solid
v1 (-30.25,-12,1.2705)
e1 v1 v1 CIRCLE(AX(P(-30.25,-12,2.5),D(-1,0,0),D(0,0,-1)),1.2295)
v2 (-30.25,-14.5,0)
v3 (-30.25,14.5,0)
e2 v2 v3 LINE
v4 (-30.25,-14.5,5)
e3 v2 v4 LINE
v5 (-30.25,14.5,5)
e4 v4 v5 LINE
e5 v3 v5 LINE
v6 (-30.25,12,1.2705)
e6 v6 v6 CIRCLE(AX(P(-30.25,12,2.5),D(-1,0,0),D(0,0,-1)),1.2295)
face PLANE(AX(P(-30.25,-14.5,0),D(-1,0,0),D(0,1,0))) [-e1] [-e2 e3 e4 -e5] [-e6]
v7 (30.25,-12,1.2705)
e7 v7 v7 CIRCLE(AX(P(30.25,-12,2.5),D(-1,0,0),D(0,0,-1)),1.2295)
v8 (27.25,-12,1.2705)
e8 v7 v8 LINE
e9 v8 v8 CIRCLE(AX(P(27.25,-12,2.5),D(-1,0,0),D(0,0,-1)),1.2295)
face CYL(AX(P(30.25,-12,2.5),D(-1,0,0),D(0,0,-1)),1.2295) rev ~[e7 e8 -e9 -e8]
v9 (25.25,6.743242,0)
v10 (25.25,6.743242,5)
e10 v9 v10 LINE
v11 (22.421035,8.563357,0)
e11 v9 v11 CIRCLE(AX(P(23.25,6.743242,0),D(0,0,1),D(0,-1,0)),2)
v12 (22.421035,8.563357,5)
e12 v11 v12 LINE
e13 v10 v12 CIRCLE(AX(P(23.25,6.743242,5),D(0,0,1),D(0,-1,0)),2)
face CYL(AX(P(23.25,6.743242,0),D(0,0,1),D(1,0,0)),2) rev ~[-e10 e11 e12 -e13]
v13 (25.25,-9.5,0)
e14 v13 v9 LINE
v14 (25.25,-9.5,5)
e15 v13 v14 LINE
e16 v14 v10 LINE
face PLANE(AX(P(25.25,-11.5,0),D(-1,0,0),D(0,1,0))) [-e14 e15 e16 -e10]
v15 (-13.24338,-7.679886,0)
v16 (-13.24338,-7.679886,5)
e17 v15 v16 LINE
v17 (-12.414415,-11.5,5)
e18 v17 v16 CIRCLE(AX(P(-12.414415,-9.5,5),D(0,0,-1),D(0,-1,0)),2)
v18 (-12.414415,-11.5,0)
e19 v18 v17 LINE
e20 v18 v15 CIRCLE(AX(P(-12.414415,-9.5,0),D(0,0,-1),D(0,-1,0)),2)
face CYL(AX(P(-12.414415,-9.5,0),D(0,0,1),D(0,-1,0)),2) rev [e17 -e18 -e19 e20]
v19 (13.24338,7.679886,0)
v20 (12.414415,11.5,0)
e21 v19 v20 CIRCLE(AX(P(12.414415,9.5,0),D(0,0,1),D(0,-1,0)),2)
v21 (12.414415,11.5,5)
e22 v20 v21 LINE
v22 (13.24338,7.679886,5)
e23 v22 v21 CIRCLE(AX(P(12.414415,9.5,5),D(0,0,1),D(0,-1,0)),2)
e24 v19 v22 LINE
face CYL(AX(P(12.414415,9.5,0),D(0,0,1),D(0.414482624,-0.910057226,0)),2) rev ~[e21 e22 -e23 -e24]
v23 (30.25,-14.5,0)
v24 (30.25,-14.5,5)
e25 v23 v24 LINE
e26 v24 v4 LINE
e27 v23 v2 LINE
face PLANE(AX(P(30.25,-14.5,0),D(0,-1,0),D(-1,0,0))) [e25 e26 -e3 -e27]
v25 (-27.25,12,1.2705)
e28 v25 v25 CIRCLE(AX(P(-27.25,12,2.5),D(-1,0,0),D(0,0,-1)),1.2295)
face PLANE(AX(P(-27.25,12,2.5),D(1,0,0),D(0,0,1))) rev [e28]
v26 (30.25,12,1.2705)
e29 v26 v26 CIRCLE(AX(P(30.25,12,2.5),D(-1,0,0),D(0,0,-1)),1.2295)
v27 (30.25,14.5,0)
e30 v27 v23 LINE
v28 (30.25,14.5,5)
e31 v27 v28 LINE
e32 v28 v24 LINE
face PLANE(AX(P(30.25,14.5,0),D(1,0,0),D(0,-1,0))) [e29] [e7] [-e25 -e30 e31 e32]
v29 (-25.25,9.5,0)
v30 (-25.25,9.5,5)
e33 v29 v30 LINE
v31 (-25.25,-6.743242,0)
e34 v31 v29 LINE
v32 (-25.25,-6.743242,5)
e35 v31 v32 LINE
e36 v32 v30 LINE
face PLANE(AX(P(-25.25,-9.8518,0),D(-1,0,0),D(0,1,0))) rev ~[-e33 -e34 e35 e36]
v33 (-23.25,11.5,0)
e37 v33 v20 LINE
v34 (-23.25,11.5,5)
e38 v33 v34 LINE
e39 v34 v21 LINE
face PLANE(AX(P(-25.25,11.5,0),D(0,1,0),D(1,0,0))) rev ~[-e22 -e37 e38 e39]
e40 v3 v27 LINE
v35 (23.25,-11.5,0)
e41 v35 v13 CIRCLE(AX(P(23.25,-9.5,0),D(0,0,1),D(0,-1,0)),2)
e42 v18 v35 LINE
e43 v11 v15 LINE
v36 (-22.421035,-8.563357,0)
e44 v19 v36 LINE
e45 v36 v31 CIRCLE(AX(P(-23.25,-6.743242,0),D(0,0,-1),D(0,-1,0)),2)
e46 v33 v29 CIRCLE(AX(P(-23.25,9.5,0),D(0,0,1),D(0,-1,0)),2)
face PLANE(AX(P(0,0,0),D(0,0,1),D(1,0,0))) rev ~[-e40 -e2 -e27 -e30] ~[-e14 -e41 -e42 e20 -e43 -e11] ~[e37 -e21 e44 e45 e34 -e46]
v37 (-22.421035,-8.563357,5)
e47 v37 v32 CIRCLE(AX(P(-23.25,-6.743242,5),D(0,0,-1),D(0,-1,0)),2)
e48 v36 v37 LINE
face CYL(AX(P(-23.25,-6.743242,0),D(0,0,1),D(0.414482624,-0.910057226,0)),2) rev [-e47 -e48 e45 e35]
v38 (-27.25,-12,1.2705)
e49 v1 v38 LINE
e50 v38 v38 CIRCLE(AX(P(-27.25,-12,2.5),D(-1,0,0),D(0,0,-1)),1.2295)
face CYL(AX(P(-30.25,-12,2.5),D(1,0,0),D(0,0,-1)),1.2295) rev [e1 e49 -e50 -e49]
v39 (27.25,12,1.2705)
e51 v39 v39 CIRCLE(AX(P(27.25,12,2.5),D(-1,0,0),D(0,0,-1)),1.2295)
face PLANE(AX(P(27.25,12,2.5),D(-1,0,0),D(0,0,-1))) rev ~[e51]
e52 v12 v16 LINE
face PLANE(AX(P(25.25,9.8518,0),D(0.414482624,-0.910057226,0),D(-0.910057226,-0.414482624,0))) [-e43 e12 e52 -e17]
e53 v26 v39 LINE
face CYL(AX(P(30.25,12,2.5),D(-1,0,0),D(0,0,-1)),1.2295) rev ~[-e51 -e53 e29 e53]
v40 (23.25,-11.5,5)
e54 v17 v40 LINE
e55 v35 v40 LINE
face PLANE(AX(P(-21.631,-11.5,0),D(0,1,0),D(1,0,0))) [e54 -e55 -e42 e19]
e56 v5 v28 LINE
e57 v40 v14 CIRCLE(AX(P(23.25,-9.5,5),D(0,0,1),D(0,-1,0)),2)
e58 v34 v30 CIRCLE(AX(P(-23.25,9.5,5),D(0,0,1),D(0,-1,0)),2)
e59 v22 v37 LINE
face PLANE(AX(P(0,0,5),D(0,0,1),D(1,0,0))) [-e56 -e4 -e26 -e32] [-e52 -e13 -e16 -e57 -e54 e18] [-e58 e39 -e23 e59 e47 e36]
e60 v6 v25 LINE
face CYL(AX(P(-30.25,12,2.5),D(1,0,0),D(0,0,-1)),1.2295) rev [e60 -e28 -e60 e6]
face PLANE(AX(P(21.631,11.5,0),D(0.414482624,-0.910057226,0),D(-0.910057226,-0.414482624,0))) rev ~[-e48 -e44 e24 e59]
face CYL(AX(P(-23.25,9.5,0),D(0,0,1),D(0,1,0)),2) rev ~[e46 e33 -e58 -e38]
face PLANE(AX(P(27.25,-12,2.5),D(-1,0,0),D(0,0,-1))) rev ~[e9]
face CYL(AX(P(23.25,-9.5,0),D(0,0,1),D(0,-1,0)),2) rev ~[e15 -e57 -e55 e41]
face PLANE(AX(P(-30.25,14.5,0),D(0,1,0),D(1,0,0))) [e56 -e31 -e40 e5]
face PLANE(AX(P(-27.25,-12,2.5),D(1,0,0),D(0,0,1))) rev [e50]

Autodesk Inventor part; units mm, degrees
ref_plane "YZ Plane" through (0, 0, 0) normal (1, 0, 0) x (0, 1, 0)
ref_plane "XZ Plane" through (0, 0, 0) normal (0, 1, 0) x (-1, 0, 0)
ref_plane "XY Plane" through (0, 0, 0) normal (0, 0, 1) x (1, 0, 0)
sketch "スケッチ1" plane through (0, 0, 0) normal (0, 0, 1) x (1, 0, 0)
  line L0 (-30.25, 14.5) -> (30.25, 14.5)
  line L1 (30.25, 14.5) -> (30.25, -14.5)
  line L2 (30.25, -14.5) -> (-30.25, -14.5)
  line L3 (-30.25, -14.5) -> (-30.25, 14.5)
  line L4 (-25.25, 11.5) -> (25.25, 11.5) construction
  line L5 (25.25, 11.5) -> (25.25, -11.5) construction
  line L6 (25.25, -11.5) -> (-25.25, -11.5) construction
  line L7 (-25.25, -11.5) -> (-25.25, 11.5) construction
  line L8 (25.25, 11.5) -> (-25.25, -11.5) construction
  line L9 (-25.25, -9.8518) -> (-25.25, 11.5)
  line L10 (-25.25, 11.5) -> (21.631, 11.5)
  line L11 (21.631, 11.5) -> (-25.25, -9.8518)
  line L12 (-21.631, -11.5) -> (25.25, -11.5)
  line L13 (25.25, -11.5) -> (25.25, 9.8518)
  line L14 (25.25, 9.8518) -> (-21.631, -11.5)
  line L15 (-30.25, 12) -> (30.25, 12) construction
  line L16 (30.25, -12) -> (-30.25, -12) construction
  line L17 (30.25, 12) -> (30.25, -12) construction
  point P0 (0, 0)
  point P1 (0, 11.5)
  point P2 (0, 14.5)
  point P3 (25.25, 0)
  point P4 (30.25, 0)
  dimension "d0" = 5
  dimension "d1" = 3
  dimension "d2" = 1.5
  dimension "d3" = 24
  dimension "d4" = 2.5
  dimension "d16" = 60.5
extrude "押し出し1" add sketch "スケッチ1" along normal blind 5
sketch "スケッチ2" plane through (30.25, -14.5, 0) normal (1, 0, 0) x (0, 0, -1)
  line L0 (0, 29) -> (-5, 29) projected
  line L1 (-5, 0) -> (-5, 29) projected
  line L2 (0, 14.5) -> (-5, 14.5) construction
  point P0 (-2.5, 2.5)
  point P1 (-2.5, 26.5)
  point P2 (-2.5, 29)
  dimension "d7" = 24
hole "穴1" at (30.25, -12, 2.5) at (30.25, 12, 2.5) direction (-1, 0, 0) diameter 2.459 depth 3 thread size "M3x0.5" class "6H" standard "ISO Metric profile"
mirror "ミラー1" about plane through (0, 0, 0) normal (1, 0, 0) of "穴1"
fillet "フィレット1" radius 2 6 edges at (-21.631, -11.5, 2.5) (-25.25, -9.8518, 2.5) (25.25, 9.8518, 2.5) (25.25, -11.5, 2.5) (-25.25, 11.5, 2.5) (21.631, 11.5, 2.5)
equation "\"d3\" = d5_1"
equation "\"d7\" = d3"
equation "\"d5_1\" = 24"
properties part number "Link_back_diagonal" material "アルミニウム 2014-T4"
